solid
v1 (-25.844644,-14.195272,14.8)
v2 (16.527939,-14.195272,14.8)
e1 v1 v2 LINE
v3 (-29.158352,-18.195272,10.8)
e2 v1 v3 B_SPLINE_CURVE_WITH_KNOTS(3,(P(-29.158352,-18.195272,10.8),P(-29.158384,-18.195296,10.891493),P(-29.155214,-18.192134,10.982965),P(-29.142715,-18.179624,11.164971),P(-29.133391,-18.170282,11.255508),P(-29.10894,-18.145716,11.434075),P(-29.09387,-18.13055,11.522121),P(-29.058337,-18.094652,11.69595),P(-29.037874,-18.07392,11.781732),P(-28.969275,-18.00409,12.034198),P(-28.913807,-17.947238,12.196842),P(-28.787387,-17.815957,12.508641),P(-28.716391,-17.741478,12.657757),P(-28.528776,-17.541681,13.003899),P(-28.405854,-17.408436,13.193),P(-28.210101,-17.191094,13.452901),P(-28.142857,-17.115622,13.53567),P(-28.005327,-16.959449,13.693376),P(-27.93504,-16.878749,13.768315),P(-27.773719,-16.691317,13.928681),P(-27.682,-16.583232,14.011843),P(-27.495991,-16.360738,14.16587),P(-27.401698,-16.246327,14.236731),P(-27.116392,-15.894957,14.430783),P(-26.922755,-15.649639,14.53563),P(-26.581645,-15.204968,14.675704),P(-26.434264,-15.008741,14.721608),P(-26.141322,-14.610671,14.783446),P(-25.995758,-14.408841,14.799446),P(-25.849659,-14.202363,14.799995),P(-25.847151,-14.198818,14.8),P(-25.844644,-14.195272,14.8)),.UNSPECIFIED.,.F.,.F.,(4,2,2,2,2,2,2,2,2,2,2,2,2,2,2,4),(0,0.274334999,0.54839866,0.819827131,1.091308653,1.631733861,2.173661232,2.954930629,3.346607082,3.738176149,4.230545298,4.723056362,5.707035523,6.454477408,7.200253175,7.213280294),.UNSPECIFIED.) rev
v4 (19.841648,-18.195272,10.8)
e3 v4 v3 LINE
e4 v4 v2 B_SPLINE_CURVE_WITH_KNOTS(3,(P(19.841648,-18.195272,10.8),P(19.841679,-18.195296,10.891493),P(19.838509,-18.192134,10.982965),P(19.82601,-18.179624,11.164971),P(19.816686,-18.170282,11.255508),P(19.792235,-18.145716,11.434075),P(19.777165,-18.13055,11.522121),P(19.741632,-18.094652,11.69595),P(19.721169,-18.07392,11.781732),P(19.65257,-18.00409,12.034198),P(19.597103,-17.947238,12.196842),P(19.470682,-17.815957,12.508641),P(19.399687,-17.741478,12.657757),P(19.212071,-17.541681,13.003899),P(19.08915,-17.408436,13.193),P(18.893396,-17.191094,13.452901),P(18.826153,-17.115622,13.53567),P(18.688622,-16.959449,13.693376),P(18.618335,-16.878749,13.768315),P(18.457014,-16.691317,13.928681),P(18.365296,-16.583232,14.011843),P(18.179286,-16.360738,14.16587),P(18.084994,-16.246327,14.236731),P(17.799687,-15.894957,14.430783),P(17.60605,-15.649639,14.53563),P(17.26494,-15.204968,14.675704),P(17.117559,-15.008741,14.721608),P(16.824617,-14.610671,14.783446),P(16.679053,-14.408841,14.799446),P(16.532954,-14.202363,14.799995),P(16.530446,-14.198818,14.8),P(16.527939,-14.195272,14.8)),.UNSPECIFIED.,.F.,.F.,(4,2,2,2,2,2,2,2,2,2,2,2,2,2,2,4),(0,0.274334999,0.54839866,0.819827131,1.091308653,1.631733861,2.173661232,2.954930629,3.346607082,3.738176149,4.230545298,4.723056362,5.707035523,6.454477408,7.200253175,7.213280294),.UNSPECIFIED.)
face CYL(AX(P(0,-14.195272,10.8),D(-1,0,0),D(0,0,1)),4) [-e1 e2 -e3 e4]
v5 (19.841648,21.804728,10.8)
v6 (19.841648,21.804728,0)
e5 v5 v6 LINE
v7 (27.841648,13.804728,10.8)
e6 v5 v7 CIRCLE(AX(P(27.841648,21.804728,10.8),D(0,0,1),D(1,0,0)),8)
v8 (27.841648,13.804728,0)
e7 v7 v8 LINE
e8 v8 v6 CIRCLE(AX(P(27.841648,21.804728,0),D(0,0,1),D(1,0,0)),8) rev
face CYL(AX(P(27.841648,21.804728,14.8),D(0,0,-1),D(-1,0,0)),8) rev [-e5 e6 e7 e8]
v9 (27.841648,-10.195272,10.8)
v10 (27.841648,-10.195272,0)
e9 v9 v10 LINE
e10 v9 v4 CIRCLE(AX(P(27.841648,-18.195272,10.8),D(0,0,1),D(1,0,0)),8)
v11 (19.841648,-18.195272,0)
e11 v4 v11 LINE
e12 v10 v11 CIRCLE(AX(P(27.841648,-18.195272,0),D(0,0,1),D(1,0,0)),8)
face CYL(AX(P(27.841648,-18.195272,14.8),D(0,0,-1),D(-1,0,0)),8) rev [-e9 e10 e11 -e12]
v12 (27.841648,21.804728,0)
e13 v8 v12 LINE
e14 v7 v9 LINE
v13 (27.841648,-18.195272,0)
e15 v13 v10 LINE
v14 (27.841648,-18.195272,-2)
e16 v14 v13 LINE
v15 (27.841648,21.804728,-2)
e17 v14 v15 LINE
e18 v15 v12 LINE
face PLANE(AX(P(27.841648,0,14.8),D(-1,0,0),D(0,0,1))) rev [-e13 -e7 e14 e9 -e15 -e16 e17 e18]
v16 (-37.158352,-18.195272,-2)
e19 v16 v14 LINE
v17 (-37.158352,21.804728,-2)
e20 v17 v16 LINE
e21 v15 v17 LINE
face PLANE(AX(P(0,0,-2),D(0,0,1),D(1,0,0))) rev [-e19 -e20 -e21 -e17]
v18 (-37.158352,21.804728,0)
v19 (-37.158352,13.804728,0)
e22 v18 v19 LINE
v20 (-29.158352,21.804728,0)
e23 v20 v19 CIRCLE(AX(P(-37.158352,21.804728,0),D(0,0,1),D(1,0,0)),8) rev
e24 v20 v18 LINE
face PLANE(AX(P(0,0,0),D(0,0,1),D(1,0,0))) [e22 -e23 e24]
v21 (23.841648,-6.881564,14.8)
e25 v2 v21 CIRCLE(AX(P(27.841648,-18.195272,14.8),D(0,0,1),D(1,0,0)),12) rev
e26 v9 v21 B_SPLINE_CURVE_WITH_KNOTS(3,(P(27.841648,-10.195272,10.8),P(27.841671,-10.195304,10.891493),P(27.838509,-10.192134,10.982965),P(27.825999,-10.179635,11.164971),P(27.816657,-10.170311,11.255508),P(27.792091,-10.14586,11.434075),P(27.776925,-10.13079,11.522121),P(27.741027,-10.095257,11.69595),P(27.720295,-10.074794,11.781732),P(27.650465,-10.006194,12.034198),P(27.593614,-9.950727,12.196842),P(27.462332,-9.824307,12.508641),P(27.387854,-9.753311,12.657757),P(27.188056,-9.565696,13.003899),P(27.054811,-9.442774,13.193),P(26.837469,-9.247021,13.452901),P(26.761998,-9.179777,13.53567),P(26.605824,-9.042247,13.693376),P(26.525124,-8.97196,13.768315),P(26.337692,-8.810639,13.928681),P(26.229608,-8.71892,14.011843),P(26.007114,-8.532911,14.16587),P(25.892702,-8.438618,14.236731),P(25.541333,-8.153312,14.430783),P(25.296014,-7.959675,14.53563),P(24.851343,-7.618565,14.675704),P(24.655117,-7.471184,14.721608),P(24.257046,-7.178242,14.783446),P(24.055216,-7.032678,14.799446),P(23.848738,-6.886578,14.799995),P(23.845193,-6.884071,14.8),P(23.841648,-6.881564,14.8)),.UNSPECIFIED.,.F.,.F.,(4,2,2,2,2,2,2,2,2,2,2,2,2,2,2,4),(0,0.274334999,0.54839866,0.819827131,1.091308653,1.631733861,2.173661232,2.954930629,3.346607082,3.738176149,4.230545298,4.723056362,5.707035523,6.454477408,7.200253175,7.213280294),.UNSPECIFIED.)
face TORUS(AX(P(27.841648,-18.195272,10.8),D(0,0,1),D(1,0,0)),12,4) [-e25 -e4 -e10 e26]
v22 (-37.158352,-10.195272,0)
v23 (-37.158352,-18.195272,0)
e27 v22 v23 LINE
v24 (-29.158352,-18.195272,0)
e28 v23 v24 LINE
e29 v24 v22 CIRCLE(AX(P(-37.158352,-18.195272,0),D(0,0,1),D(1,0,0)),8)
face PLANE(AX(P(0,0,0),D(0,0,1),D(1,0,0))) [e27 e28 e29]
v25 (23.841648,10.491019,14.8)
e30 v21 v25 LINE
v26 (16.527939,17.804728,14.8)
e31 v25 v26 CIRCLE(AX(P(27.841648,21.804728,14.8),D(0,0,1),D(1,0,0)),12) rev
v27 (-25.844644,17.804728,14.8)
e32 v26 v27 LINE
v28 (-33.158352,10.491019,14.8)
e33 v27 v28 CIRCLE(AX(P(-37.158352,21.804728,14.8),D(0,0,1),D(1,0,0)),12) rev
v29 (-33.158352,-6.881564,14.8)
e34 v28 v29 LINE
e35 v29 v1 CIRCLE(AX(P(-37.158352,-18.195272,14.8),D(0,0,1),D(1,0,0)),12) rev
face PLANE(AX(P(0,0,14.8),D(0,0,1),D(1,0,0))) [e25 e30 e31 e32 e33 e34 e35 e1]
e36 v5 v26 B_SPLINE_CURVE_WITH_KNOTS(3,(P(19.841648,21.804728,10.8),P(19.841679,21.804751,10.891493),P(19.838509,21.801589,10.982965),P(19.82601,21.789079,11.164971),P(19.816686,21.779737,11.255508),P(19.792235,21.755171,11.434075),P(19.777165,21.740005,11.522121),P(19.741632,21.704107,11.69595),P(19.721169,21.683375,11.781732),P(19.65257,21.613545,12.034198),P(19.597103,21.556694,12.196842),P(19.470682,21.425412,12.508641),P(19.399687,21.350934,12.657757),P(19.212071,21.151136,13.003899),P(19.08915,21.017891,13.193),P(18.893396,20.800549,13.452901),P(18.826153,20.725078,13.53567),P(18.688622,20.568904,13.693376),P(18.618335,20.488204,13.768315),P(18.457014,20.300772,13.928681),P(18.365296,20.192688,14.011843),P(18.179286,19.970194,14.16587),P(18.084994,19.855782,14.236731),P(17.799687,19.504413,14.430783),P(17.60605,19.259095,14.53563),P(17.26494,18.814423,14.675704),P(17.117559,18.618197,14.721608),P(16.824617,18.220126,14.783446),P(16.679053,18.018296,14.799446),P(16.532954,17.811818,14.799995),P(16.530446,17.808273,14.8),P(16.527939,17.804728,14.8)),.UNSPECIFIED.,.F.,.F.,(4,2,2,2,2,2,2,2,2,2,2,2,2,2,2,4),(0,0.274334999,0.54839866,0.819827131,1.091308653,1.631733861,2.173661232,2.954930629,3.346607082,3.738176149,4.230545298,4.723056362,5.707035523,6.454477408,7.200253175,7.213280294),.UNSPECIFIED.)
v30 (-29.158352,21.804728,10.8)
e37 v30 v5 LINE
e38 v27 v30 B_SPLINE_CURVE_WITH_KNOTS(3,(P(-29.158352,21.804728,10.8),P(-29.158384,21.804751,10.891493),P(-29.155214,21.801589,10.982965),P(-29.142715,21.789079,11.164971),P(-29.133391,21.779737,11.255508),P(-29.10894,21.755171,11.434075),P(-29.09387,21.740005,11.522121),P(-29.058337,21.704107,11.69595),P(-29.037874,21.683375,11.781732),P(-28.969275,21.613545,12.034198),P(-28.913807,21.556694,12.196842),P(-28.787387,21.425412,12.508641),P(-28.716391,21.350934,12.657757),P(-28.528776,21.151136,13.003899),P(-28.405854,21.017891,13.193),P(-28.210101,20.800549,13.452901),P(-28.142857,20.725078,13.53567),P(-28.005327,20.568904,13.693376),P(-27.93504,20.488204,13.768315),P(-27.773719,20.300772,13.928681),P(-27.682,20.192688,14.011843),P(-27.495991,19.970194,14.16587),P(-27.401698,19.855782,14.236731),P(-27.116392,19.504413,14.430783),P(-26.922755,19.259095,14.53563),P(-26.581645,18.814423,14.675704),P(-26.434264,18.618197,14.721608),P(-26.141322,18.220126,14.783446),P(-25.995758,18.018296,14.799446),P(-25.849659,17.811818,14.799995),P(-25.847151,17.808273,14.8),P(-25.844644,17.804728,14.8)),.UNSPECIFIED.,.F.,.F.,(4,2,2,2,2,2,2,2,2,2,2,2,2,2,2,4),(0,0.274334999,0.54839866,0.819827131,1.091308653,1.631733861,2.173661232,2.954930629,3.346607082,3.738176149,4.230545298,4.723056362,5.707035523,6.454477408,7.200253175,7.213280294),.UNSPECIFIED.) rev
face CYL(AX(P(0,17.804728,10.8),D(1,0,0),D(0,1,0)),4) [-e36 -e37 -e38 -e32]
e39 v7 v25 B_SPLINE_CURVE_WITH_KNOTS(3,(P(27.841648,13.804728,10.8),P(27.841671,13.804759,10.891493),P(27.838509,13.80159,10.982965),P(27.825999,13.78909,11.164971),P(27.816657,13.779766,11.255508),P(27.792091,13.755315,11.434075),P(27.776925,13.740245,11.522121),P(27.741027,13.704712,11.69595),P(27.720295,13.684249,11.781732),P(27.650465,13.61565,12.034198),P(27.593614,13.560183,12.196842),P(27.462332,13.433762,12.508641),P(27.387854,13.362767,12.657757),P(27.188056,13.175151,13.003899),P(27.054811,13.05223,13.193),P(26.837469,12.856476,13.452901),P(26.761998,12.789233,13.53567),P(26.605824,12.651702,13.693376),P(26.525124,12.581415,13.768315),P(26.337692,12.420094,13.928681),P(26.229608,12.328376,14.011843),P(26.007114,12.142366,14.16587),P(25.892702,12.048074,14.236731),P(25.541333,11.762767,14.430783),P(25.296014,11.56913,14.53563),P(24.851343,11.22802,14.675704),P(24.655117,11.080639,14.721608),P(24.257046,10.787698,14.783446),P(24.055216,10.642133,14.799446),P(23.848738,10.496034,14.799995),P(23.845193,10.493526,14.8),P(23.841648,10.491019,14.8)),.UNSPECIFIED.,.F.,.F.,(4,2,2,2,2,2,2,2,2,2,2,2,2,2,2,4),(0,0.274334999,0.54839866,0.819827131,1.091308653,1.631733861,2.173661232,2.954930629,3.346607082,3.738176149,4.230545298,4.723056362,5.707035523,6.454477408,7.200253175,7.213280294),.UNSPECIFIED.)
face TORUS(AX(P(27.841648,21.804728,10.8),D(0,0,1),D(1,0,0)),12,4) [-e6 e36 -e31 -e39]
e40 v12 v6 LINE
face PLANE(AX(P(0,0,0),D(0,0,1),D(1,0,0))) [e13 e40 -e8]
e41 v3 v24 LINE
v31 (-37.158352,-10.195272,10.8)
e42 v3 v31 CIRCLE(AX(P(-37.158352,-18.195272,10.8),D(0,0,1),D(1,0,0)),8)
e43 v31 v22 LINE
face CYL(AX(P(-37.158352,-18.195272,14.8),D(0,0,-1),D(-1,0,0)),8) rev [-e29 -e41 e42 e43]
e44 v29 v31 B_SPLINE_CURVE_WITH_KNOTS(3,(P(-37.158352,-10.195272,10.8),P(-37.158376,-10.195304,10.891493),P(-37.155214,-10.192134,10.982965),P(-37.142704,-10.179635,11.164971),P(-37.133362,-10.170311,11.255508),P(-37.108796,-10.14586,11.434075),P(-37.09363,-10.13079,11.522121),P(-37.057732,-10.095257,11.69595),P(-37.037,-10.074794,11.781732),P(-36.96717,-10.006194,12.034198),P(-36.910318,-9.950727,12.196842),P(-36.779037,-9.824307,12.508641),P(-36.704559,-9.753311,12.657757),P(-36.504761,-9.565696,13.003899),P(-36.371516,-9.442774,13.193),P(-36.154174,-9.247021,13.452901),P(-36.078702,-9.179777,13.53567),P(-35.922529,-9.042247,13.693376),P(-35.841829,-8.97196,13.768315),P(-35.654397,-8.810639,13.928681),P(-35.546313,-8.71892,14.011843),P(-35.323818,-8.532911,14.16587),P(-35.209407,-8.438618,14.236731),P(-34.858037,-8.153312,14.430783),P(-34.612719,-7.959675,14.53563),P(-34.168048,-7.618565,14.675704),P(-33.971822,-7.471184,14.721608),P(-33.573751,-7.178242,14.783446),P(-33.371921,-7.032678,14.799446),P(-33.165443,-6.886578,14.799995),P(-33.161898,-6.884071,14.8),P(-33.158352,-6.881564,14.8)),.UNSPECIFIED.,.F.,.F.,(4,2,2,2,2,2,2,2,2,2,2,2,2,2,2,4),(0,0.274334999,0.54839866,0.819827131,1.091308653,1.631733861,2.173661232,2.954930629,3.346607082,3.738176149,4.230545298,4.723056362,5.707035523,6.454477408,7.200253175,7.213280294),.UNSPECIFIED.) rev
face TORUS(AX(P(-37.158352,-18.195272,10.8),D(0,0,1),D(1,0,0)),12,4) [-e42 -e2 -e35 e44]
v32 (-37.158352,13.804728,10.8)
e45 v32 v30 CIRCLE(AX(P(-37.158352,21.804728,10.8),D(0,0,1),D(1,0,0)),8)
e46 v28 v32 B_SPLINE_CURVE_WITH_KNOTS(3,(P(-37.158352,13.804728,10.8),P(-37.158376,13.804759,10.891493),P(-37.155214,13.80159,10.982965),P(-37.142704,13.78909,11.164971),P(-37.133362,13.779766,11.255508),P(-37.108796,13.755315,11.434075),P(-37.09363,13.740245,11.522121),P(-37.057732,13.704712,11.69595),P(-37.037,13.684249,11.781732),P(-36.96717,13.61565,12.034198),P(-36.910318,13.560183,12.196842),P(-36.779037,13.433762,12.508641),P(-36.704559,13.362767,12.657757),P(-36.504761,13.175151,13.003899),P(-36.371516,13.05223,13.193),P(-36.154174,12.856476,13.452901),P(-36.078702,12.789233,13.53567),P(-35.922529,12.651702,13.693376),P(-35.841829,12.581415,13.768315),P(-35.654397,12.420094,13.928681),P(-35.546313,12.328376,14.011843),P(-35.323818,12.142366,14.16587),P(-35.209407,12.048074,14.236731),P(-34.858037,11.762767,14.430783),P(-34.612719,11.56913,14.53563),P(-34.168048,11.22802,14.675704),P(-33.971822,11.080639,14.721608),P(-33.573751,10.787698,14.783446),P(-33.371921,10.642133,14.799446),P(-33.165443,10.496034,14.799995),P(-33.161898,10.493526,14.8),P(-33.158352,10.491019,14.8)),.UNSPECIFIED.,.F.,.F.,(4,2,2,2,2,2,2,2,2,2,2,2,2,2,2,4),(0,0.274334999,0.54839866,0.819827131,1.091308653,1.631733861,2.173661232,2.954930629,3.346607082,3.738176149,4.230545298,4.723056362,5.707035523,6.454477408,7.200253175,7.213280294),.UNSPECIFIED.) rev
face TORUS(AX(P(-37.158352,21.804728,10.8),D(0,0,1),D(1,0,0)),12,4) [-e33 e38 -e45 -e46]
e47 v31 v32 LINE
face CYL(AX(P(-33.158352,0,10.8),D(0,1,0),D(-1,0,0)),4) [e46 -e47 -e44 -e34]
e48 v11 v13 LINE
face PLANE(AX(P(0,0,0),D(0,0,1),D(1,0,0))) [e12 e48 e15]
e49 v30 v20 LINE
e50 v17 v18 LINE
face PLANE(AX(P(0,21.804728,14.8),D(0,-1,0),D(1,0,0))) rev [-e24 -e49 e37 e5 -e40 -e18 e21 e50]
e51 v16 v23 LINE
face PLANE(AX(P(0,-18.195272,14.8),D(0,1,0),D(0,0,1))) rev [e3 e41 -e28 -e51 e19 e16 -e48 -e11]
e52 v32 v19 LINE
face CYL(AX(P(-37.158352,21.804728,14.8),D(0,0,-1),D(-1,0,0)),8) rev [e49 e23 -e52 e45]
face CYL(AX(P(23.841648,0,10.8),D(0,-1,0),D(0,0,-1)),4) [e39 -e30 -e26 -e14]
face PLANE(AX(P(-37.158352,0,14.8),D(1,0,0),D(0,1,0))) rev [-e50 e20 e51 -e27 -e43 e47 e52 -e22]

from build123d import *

# Parameters (mm, degrees)
BOSS_EXTRUDE1_DEPTH = 14.8
SKETCH1_3_W         = 65
SKETCH1_3_H         = 40
BOSS_EXTRUDE2_DEPTH = 2
FILLET1_R           = 4


with BuildPart() as part:
    # Sketch1 → Boss-Extrude1 (new body)
    with BuildSketch(Plane.XY):
        with BuildLine():
            ThreePointArc((-29.158352439, 21.804727646), (-31.501498189, 16.147873397), (-37.158352439, 13.804727646))
            Line((-37.158352439, 13.804727646), (-37.158352439, -10.195272354))
            ThreePointArc((-37.158352439, -10.195272354), (-31.501498189, -12.538418104), (-29.158352439, -18.195272354))
            Line((-29.158352439, -18.195272354), (19.841647561, -18.195272354))
            ThreePointArc((19.841647561, -18.195272354), (22.184793312, -12.538418104), (27.841647561, -10.195272354))
            Line((27.841647561, -10.195272354), (27.841647561, 13.804727646))
            ThreePointArc((27.841647561, 13.804727646), (22.184793312, 16.147873397), (19.841647561, 21.804727646))
            Line((19.841647561, 21.804727646), (-29.158352439, 21.804727646))
        make_face()
    extrude(amount=BOSS_EXTRUDE1_DEPTH)

    # Sketch1<3> → Boss-Extrude2 (add)
    with BuildSketch(Plane.XY):
        with Locations((-4.658352439, 1.804727646)):
            Rectangle(SKETCH1_3_W, SKETCH1_3_H)
    extrude(amount=-BOSS_EXTRUDE2_DEPTH)

    # Fillet1
    fillet1_edges = [part.edges().sort_by_distance(p)[0] for p in [
        (-4.658352439, -18.195272354, 14.8),
        (-31.501498189, -12.538418104, 14.8),
        (-37.158352439, 1.804727646, 14.8),
        (-31.501498189, 16.147873397, 14.8),
        (-4.658352439, 21.804727646, 14.8),
        (22.184793312, 16.147873397, 14.8),
        (27.841647561, 1.804727646, 14.8),
        (22.184793312, -12.538418104, 14.8),
    ]]
    fillet(fillet1_edges, radius=FILLET1_R)


solid = part.part
